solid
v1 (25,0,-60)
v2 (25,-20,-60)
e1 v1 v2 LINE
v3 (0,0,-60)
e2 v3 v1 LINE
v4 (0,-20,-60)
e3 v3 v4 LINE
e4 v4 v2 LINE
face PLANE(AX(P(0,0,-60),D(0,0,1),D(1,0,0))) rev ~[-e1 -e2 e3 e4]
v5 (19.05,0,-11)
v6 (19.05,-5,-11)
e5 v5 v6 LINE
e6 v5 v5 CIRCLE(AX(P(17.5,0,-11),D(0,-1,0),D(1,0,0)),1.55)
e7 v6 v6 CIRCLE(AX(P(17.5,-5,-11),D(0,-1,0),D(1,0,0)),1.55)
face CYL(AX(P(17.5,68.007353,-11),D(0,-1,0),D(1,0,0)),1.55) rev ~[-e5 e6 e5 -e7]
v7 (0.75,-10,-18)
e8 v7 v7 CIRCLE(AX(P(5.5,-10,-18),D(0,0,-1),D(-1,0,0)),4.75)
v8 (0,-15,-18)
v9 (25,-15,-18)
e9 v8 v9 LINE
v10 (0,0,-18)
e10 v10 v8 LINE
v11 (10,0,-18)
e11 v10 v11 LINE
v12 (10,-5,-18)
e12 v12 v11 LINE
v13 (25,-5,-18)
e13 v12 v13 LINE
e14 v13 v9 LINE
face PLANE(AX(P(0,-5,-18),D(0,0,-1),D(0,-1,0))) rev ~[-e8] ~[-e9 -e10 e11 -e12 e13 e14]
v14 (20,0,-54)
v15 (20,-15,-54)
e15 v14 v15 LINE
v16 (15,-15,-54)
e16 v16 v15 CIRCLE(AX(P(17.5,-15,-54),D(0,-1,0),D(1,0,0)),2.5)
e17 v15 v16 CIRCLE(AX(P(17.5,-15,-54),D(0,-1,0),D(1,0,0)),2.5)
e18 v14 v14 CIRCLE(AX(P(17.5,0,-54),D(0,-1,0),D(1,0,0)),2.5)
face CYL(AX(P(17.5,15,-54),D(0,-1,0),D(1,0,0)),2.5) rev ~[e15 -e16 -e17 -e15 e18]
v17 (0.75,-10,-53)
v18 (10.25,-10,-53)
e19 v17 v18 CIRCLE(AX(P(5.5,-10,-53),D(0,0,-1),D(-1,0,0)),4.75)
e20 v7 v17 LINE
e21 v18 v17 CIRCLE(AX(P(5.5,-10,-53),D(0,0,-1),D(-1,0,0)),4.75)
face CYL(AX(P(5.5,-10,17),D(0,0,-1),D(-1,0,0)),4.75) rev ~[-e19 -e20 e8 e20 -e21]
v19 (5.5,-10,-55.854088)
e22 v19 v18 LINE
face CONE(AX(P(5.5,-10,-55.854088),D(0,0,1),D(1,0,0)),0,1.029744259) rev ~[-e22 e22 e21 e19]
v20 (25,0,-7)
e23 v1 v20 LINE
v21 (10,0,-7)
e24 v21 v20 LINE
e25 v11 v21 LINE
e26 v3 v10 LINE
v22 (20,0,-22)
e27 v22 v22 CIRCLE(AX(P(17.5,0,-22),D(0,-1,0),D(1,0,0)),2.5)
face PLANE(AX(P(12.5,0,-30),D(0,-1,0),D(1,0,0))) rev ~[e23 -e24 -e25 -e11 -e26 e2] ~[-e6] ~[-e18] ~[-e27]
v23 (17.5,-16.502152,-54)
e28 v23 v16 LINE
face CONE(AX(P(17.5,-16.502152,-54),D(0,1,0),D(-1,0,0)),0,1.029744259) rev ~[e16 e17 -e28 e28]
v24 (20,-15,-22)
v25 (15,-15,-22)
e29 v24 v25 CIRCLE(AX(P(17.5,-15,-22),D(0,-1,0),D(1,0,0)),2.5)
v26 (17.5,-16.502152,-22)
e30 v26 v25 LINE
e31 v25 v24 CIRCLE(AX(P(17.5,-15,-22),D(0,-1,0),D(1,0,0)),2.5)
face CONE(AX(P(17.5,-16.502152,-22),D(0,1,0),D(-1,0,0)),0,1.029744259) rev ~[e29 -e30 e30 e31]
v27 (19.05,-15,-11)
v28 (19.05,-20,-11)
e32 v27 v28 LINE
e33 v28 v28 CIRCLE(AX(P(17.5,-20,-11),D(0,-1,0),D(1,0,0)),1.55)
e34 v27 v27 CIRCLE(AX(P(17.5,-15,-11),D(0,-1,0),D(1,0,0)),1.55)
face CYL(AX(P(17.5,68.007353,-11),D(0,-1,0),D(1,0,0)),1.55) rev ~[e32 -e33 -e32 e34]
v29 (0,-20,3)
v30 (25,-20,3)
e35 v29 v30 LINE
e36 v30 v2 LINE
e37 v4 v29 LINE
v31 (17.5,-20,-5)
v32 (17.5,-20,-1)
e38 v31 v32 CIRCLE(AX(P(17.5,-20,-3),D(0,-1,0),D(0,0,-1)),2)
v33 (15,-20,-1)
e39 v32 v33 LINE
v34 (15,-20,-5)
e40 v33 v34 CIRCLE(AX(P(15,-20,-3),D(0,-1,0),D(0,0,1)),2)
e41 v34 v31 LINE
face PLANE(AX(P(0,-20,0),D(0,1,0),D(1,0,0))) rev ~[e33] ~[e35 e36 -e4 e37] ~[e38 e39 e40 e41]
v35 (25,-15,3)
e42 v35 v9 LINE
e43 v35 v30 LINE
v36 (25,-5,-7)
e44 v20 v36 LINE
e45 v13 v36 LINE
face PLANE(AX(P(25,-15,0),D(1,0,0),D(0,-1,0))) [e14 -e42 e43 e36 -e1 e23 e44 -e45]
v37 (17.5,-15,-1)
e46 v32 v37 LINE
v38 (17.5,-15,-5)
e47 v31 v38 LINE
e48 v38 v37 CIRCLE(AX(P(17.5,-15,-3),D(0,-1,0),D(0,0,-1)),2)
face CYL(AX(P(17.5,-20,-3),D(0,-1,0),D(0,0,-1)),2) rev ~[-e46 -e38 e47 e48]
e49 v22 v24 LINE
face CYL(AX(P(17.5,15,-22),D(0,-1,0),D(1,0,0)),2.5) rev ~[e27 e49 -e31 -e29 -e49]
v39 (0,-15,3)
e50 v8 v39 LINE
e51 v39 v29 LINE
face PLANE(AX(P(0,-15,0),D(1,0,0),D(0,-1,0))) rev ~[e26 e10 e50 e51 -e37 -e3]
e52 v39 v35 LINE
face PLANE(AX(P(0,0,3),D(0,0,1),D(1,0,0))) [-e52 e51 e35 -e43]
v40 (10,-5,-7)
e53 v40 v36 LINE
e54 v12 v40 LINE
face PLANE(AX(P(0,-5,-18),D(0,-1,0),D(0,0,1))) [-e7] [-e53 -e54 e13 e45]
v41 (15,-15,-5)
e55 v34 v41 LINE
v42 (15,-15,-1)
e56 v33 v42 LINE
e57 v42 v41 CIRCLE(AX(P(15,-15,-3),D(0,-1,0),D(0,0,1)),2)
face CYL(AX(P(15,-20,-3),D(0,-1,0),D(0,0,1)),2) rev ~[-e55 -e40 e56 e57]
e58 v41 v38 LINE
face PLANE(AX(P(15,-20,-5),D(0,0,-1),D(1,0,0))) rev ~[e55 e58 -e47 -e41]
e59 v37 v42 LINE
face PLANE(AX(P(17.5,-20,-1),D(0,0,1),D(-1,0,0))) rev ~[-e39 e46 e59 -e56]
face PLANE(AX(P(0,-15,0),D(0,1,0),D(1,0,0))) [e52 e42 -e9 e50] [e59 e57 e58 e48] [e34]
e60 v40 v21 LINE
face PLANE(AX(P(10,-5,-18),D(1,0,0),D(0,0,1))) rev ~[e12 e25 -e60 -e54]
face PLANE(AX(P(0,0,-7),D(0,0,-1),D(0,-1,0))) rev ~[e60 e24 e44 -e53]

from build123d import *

# Parameters (mm, degrees)
F0_W      = 25
F0_H      = 60
F1_DEPTH  = 20
F2_W      = 10
F2_H      = 18
F3_DEPTH  = 25.001
F4_W      = 5
F4_H      = 7
F5_DEPTH  = 25.001
F7_D      = 3.1
F9_D      = 9.5
F9_DEPTH  = 35
F9_TIP    = 2.8540879404
F11_DEPTH = 20.001
F13_D     = 5
F13_DEPTH = 15
F13_TIP   = 1.5021515476
F14_DEPTH = 3
F15_W     = 10
F15_H     = 11
F16_DEPTH = 5.001


with BuildPart() as f1:
    # F0 (on Front) → F1 (new body)
    with BuildSketch(Plane.XZ):
        with Locations((12.5, -30)):
            Rectangle(F0_W, F0_H)
    extrude(amount=F1_DEPTH)

    # F2 (on face) → F3 (cut, through all)
    with BuildSketch(Plane(origin=(0, 0, 0), x_dir=(0, -1, 0), z_dir=(-1, 0, 0))):
        with Locations((10, -9)):
            Rectangle(F2_W, F2_H)
    extrude(amount=-F3_DEPTH, mode=Mode.SUBTRACT)

    # F4 (on face) → F5 (cut, through all)
    with BuildSketch(Plane(origin=(0, 0, 0), x_dir=(0, -1, 0), z_dir=(-1, 0, 0))):
        with Locations((2.5, -3.5)):
            Rectangle(F4_W, F4_H)
    extrude(amount=-F5_DEPTH, mode=Mode.SUBTRACT)

    # F7 (through all)
    with Locations(Plane(origin=(0, 0, 0), x_dir=(-1, 0, 0), z_dir=(0, 1, 0))):
        with Locations((-17.5, -11)):
            Hole(F7_D / 2)

    # F9
    with Locations(Plane.XY.offset(-18)):
        with Locations((5.5, -10)):
            Hole(F9_D / 2, depth=F9_DEPTH)
            with Locations((0, 0, -(F9_DEPTH + F9_TIP / 2))):  # 118° drill point
                Cone(0, F9_D / 2, F9_TIP, mode=Mode.SUBTRACT)

    # F10 (on face) → F11 (cut, through all)
    with BuildSketch(Plane.XZ.offset(20)):
        with BuildLine():
            Line((17.5, -1), (15, -1))
            ThreePointArc((15, -1), (13, -3), (15, -5))
            Line((15, -5), (17.5, -5))
            ThreePointArc((17.5, -5), (19.5, -3), (17.5, -1))
        make_face()
    extrude(amount=-F11_DEPTH, mode=Mode.SUBTRACT)

    # F13
    with Locations(Plane(origin=(0, 0, 0), x_dir=(-1, 0, 0), z_dir=(0, 1, 0))):
        with Locations((-17.5, -54), (-17.5, -22)):
            Hole(F13_D / 2, depth=F13_DEPTH)
            with Locations((0, 0, -(F13_DEPTH + F13_TIP / 2))):  # 118° drill point
                Cone(0, F13_D / 2, F13_TIP, mode=Mode.SUBTRACT)

    # F14 (add): a face of the model
    f14_faces = [f1.faces().sort_by_distance(p)[0] for p in [
        (12.5, -17.5, 0),
    ]]
    extrude(f14_faces, amount=F14_DEPTH)

    # F15 (on face) → F16 (cut, through all)
    with BuildSketch(Plane.XZ.offset(5)):
        with Locations((5, -12.5)):
            Rectangle(F15_W, F15_H)
    extrude(amount=-F16_DEPTH, mode=Mode.SUBTRACT)


solid = f1.part
